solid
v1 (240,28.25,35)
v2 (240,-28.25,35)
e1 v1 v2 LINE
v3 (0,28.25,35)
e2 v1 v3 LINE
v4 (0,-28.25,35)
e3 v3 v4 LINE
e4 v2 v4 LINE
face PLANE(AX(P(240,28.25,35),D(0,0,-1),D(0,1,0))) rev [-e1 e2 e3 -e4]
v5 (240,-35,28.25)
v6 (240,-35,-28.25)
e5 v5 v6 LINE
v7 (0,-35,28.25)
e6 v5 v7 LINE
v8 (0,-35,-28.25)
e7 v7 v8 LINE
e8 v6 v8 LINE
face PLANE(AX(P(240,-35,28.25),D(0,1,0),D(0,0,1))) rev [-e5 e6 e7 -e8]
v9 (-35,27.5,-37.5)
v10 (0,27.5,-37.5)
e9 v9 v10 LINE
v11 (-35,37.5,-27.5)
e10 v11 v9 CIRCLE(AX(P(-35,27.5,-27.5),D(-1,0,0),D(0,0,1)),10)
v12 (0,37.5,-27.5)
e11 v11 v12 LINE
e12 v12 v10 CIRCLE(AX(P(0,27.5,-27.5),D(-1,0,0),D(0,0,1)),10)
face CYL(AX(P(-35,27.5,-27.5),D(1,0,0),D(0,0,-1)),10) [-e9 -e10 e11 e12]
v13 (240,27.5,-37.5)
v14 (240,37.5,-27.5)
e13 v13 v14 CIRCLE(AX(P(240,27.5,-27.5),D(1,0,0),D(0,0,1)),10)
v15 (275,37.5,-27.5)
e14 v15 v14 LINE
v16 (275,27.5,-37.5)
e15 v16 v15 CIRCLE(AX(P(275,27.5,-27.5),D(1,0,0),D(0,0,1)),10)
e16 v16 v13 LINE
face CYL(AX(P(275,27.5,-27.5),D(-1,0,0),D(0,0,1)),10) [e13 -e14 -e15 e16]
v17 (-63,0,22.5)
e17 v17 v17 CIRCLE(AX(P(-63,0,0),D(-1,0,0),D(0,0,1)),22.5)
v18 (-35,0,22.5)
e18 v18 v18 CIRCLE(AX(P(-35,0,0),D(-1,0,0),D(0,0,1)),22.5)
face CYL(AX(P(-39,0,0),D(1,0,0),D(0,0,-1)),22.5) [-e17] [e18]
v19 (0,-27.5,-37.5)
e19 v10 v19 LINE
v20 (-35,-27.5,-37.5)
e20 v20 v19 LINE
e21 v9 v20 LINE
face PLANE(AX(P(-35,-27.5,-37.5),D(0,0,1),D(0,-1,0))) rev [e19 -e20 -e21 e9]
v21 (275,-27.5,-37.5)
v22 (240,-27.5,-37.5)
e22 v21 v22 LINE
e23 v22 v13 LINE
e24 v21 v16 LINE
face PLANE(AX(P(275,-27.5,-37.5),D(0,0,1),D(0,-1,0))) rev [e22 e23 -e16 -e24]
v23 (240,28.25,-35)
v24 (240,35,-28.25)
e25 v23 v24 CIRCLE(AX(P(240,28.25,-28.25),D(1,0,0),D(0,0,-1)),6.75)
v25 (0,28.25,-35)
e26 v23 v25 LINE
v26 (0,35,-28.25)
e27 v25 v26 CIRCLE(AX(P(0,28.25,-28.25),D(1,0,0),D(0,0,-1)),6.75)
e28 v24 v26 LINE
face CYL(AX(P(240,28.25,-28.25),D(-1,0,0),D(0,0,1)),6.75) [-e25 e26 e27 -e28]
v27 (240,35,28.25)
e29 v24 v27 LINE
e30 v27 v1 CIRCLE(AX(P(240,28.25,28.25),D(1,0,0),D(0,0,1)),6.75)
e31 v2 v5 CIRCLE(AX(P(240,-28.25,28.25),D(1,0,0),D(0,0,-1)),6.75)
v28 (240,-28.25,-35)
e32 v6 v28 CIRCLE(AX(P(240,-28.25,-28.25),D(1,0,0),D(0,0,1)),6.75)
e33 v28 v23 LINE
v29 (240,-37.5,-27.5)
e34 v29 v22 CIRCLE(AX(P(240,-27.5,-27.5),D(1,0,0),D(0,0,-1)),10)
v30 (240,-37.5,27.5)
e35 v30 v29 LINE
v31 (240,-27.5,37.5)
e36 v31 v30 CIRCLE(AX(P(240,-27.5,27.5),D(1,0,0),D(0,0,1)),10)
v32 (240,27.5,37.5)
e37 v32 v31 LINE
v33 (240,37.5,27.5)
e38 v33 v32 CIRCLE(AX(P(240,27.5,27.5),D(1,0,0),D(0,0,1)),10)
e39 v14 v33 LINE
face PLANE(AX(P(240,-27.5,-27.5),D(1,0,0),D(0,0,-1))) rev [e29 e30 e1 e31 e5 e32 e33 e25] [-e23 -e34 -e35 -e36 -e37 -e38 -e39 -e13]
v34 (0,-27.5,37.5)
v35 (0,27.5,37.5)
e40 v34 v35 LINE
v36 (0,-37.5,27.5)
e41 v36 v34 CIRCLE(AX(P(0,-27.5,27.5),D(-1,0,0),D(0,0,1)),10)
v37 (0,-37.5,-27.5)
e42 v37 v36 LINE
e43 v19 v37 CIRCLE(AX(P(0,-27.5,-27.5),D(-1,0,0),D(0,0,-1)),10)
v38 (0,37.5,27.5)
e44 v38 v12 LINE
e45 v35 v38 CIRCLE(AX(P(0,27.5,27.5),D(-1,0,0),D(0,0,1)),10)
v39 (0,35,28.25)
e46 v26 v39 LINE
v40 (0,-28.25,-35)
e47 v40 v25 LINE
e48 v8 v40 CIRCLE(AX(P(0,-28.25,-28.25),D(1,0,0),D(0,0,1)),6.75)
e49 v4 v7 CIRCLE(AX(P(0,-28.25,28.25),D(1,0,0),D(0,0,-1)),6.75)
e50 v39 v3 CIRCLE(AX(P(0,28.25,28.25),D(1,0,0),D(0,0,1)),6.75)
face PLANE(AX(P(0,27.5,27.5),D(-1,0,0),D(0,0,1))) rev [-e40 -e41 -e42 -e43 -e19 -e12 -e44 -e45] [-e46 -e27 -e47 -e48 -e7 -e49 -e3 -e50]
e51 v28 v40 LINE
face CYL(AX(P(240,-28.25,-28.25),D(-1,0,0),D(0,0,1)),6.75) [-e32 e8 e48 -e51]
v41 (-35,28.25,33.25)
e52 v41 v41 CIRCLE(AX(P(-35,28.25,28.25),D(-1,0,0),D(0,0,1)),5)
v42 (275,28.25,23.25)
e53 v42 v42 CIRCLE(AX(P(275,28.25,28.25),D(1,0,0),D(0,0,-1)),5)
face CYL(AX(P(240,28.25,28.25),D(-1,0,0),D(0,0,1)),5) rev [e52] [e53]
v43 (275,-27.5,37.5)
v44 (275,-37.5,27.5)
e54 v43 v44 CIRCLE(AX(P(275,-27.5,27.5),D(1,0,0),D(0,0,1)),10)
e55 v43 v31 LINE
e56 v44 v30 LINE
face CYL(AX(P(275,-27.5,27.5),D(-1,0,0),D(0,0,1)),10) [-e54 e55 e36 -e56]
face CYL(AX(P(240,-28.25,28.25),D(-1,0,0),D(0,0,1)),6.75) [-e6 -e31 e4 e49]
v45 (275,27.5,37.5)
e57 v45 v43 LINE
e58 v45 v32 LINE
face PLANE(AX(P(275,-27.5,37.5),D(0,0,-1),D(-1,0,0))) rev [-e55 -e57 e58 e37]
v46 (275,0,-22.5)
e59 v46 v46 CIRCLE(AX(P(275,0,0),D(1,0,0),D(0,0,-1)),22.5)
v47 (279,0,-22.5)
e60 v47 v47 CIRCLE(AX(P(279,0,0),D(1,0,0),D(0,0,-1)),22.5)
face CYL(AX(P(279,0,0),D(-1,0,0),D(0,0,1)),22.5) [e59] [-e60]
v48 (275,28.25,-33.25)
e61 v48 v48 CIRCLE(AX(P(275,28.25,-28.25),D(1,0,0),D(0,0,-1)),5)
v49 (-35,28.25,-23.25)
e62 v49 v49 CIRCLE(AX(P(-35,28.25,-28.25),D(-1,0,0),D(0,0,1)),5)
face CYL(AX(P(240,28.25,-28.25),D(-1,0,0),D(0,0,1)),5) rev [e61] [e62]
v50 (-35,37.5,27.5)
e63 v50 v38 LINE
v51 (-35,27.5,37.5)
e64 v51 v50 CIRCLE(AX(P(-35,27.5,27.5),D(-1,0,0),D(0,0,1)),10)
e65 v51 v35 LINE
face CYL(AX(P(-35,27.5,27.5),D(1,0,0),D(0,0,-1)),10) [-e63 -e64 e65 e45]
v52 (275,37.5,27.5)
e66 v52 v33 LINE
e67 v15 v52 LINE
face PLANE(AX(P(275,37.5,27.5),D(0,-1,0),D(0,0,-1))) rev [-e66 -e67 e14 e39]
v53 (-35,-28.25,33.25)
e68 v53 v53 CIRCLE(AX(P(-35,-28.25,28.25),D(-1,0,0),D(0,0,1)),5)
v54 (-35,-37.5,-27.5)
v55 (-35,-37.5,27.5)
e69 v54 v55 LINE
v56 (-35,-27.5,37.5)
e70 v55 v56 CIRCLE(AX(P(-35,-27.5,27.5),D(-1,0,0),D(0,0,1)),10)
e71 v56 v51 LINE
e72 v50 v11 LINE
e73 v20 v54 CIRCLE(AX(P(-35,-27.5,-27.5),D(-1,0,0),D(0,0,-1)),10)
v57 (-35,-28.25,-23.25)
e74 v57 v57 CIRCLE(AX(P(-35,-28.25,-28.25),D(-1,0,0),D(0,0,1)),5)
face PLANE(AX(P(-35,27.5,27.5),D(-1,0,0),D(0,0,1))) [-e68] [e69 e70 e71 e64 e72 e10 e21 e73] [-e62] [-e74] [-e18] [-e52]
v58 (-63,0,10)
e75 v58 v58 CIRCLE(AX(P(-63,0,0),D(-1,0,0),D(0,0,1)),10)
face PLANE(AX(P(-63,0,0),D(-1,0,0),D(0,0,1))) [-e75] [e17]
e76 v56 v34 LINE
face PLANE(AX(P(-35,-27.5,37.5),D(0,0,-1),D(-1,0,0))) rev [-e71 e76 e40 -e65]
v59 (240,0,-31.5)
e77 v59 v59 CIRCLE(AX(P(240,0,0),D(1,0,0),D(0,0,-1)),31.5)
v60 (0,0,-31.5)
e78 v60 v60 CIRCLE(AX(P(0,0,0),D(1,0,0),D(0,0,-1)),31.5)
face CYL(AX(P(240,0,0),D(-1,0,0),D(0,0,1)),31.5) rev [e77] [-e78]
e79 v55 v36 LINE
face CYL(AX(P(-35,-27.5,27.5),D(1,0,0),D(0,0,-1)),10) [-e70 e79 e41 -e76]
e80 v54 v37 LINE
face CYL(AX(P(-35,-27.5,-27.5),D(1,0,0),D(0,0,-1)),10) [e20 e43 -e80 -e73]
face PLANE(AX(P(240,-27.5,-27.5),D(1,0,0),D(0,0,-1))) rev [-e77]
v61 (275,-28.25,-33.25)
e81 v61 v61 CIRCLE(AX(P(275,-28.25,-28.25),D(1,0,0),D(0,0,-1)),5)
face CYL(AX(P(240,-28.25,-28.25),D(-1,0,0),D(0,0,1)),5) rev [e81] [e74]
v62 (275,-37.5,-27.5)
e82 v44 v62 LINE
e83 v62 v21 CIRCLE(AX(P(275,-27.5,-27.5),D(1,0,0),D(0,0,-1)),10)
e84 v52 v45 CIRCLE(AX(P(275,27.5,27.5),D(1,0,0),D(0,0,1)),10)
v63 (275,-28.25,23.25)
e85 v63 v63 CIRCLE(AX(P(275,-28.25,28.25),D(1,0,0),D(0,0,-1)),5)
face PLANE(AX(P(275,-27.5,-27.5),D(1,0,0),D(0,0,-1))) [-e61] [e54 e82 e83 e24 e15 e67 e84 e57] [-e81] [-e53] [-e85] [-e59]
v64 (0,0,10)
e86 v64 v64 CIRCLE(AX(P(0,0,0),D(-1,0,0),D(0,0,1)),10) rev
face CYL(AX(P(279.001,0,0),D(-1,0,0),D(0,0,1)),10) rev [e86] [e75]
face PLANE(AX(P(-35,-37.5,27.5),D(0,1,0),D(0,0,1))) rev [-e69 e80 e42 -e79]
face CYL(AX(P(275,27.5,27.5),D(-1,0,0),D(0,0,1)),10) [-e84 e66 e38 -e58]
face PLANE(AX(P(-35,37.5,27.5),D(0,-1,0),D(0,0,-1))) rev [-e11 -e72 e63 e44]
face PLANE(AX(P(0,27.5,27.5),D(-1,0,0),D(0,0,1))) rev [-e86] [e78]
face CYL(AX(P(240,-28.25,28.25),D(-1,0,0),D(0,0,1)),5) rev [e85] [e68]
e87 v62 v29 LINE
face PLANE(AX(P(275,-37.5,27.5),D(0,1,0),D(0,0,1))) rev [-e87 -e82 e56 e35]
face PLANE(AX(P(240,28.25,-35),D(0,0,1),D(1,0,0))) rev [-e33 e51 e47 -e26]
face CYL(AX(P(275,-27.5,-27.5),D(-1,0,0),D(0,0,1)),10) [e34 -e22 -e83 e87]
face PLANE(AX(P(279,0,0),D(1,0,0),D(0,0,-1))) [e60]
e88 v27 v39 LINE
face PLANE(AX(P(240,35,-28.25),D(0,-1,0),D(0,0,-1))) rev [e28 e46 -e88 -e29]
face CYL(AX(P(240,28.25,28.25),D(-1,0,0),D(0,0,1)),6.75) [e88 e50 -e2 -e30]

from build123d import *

# Parameters (mm, degrees)
ESQUISSE1_R             = 5
ESQUISSE1_R_2           = 31.5
BOSS_EXTRU_1_DEPTH      = 240
ESQUISSE3_R             = 5
BOSS_EXTRU_3_DEPTH      = 35
ESQUISSE4_R             = 22.5
BOSS_EXTRU_4_DEPTH      = 4
BOSS_EXTRU_5_START      = 35
ESQUISSE5_R             = 5
BOSS_EXTRU_5_DEPTH      = 35
BOSS_EXTRU_6_START      = 4
ESQUISSE6_R             = 22.5
BOSS_EXTRU_6_DEPTH      = 4
BOSS_EXTRU_7_START      = 24
ESQUISSE7_R             = 22.5
BOSS_EXTRU_7_DEPTH      = 24
ENL_V_MAT_EXTRU_1_REACH = 348.087
ESQUISSE8_R             = 10


with BuildPart() as part:
    # Esquisse1 → Boss.-Extru.1 (new body)
    with BuildSketch(Plane(origin=(0, 0, 0), x_dir=(0, 0, -1), z_dir=(1, 0, 0))):
        with BuildLine():
            Line((35, 28.25), (35, -28.25))
            ThreePointArc((35, -28.25), (33.022970773, -33.022970773), (28.25, -35))
            Line((28.25, -35), (-28.25, -35))
            ThreePointArc((-28.25, -35), (-33.022970773, -33.022970773), (-35, -28.25))
            Line((-35, -28.25), (-35, 28.25))
            ThreePointArc((-35, 28.25), (-33.022970773, 33.022970773), (-28.25, 35))
            Line((-28.25, 35), (28.25, 35))
            ThreePointArc((28.25, 35), (33.022970773, 33.022970773), (35, 28.25))
        make_face()
        with Locations((28.25, -28.25)):
            Circle(ESQUISSE1_R, mode=Mode.SUBTRACT)
        with Locations((28.25, 28.25)):
            Circle(ESQUISSE1_R, mode=Mode.SUBTRACT)
        with Locations(Location((-28.25, -28.25, 0), (0, 0, 180))):
            Circle(ESQUISSE1_R, mode=Mode.SUBTRACT)
        with Locations(Location((-28.25, 28.25, 0), (0, 0, 180))):
            Circle(ESQUISSE1_R, mode=Mode.SUBTRACT)
        Circle(ESQUISSE1_R_2, mode=Mode.SUBTRACT)
    extrude(amount=BOSS_EXTRU_1_DEPTH)

    # Esquisse3 → Boss.-Extru.3 (add)
    with BuildSketch(Plane(origin=(240, 0, 0), x_dir=(0, 0, -1), z_dir=(1, 0, 0))):
        with BuildLine():
            Line((-27.5, -37.5), (27.5, -37.5))
            ThreePointArc((27.5, -37.5), (34.571067812, -34.571067812), (37.5, -27.5))
            Line((37.5, -27.5), (37.5, 27.5))
            ThreePointArc((37.5, 27.5), (34.571067812, 34.571067812), (27.5, 37.5))
            Line((27.5, 37.5), (-27.5, 37.5))
            ThreePointArc((-27.5, 37.5), (-34.571067812, 34.571067812), (-37.5, 27.5))
            Line((-37.5, 27.5), (-37.5, -27.5))
            ThreePointArc((-37.5, -27.5), (-34.571067812, -34.571067812), (-27.5, -37.5))
        make_face()
        with Locations(Location((-28.25, 28.25, 0), (0, 0, 180))):
            Circle(ESQUISSE3_R, mode=Mode.SUBTRACT)
        with Locations((28.25, 28.25)):
            Circle(ESQUISSE3_R, mode=Mode.SUBTRACT)
        with Locations((28.25, -28.25)):
            Circle(ESQUISSE3_R, mode=Mode.SUBTRACT)
        with Locations(Location((-28.25, -28.25, 0), (0, 0, 180))):
            Circle(ESQUISSE3_R, mode=Mode.SUBTRACT)
    extrude(amount=BOSS_EXTRU_3_DEPTH)

    # Esquisse4 → Boss.-Extru.4 (add)
    with BuildSketch(Plane(origin=(275, 0, 0), x_dir=(0, 0, -1), z_dir=(1, 0, 0))):
        Circle(ESQUISSE4_R)
    extrude(amount=BOSS_EXTRU_4_DEPTH)

    # Esquisse5 → Boss.-Extru.5 (add)
    with BuildSketch(Plane.ZY.offset(BOSS_EXTRU_5_START)):
        with BuildLine():
            Line((27.5, -37.5), (-27.5, -37.5))
            ThreePointArc((-27.5, -37.5), (-34.571067812, -34.571067812), (-37.5, -27.5))
            Line((-37.5, -27.5), (-37.5, 27.5))
            ThreePointArc((-37.5, 27.5), (-34.571067812, 34.571067812), (-27.5, 37.5))
            Line((-27.5, 37.5), (27.5, 37.5))
            ThreePointArc((27.5, 37.5), (34.571067812, 34.571067812), (37.5, 27.5))
            Line((37.5, 27.5), (37.5, -27.5))
            ThreePointArc((37.5, -27.5), (34.571067812, -34.571067812), (27.5, -37.5))
        make_face()
        with Locations((-28.25, 28.25)):
            Circle(ESQUISSE5_R, mode=Mode.SUBTRACT)
        with Locations((28.25, 28.25)):
            Circle(ESQUISSE5_R, mode=Mode.SUBTRACT)
        with Locations((28.25, -28.25)):
            Circle(ESQUISSE5_R, mode=Mode.SUBTRACT)
        with Locations((-28.25, -28.25)):
            Circle(ESQUISSE5_R, mode=Mode.SUBTRACT)
    extrude(amount=-BOSS_EXTRU_5_DEPTH)

    # Esquisse6 → Boss.-Extru.6 (add)
    with BuildSketch(Plane.ZY.offset(35).offset(BOSS_EXTRU_6_START)):
        with Locations(Location((0, 0, 0), (0, 0, 180))):
            Circle(ESQUISSE6_R)
    extrude(amount=-BOSS_EXTRU_6_DEPTH)

    # Esquisse7 → Boss.-Extru.7 (add)
    with BuildSketch(Plane.ZY.offset(39).offset(BOSS_EXTRU_7_START)):
        with Locations(Location((0, 0, 0), (0, 0, 180))):
            Circle(ESQUISSE7_R)
    extrude(amount=-BOSS_EXTRU_7_DEPTH)

    # Esquisse8 → Enlèv. mat.-Extru.1 (cut, up to next)
    with BuildSketch(Plane.ZY.offset(63), mode=Mode.PRIVATE) as enl_v_mat_extru_1_sk1:
        Circle(ESQUISSE8_R)
    enl_v_mat_extru_1_tool1 = extrude(enl_v_mat_extru_1_sk1.sketch, amount=-ENL_V_MAT_EXTRU_1_REACH, mode=Mode.PRIVATE) & part.part
    add(enl_v_mat_extru_1_tool1.solids().sort_by_distance((-63, 0, 0))[0], mode=Mode.SUBTRACT)


solid = part.part
